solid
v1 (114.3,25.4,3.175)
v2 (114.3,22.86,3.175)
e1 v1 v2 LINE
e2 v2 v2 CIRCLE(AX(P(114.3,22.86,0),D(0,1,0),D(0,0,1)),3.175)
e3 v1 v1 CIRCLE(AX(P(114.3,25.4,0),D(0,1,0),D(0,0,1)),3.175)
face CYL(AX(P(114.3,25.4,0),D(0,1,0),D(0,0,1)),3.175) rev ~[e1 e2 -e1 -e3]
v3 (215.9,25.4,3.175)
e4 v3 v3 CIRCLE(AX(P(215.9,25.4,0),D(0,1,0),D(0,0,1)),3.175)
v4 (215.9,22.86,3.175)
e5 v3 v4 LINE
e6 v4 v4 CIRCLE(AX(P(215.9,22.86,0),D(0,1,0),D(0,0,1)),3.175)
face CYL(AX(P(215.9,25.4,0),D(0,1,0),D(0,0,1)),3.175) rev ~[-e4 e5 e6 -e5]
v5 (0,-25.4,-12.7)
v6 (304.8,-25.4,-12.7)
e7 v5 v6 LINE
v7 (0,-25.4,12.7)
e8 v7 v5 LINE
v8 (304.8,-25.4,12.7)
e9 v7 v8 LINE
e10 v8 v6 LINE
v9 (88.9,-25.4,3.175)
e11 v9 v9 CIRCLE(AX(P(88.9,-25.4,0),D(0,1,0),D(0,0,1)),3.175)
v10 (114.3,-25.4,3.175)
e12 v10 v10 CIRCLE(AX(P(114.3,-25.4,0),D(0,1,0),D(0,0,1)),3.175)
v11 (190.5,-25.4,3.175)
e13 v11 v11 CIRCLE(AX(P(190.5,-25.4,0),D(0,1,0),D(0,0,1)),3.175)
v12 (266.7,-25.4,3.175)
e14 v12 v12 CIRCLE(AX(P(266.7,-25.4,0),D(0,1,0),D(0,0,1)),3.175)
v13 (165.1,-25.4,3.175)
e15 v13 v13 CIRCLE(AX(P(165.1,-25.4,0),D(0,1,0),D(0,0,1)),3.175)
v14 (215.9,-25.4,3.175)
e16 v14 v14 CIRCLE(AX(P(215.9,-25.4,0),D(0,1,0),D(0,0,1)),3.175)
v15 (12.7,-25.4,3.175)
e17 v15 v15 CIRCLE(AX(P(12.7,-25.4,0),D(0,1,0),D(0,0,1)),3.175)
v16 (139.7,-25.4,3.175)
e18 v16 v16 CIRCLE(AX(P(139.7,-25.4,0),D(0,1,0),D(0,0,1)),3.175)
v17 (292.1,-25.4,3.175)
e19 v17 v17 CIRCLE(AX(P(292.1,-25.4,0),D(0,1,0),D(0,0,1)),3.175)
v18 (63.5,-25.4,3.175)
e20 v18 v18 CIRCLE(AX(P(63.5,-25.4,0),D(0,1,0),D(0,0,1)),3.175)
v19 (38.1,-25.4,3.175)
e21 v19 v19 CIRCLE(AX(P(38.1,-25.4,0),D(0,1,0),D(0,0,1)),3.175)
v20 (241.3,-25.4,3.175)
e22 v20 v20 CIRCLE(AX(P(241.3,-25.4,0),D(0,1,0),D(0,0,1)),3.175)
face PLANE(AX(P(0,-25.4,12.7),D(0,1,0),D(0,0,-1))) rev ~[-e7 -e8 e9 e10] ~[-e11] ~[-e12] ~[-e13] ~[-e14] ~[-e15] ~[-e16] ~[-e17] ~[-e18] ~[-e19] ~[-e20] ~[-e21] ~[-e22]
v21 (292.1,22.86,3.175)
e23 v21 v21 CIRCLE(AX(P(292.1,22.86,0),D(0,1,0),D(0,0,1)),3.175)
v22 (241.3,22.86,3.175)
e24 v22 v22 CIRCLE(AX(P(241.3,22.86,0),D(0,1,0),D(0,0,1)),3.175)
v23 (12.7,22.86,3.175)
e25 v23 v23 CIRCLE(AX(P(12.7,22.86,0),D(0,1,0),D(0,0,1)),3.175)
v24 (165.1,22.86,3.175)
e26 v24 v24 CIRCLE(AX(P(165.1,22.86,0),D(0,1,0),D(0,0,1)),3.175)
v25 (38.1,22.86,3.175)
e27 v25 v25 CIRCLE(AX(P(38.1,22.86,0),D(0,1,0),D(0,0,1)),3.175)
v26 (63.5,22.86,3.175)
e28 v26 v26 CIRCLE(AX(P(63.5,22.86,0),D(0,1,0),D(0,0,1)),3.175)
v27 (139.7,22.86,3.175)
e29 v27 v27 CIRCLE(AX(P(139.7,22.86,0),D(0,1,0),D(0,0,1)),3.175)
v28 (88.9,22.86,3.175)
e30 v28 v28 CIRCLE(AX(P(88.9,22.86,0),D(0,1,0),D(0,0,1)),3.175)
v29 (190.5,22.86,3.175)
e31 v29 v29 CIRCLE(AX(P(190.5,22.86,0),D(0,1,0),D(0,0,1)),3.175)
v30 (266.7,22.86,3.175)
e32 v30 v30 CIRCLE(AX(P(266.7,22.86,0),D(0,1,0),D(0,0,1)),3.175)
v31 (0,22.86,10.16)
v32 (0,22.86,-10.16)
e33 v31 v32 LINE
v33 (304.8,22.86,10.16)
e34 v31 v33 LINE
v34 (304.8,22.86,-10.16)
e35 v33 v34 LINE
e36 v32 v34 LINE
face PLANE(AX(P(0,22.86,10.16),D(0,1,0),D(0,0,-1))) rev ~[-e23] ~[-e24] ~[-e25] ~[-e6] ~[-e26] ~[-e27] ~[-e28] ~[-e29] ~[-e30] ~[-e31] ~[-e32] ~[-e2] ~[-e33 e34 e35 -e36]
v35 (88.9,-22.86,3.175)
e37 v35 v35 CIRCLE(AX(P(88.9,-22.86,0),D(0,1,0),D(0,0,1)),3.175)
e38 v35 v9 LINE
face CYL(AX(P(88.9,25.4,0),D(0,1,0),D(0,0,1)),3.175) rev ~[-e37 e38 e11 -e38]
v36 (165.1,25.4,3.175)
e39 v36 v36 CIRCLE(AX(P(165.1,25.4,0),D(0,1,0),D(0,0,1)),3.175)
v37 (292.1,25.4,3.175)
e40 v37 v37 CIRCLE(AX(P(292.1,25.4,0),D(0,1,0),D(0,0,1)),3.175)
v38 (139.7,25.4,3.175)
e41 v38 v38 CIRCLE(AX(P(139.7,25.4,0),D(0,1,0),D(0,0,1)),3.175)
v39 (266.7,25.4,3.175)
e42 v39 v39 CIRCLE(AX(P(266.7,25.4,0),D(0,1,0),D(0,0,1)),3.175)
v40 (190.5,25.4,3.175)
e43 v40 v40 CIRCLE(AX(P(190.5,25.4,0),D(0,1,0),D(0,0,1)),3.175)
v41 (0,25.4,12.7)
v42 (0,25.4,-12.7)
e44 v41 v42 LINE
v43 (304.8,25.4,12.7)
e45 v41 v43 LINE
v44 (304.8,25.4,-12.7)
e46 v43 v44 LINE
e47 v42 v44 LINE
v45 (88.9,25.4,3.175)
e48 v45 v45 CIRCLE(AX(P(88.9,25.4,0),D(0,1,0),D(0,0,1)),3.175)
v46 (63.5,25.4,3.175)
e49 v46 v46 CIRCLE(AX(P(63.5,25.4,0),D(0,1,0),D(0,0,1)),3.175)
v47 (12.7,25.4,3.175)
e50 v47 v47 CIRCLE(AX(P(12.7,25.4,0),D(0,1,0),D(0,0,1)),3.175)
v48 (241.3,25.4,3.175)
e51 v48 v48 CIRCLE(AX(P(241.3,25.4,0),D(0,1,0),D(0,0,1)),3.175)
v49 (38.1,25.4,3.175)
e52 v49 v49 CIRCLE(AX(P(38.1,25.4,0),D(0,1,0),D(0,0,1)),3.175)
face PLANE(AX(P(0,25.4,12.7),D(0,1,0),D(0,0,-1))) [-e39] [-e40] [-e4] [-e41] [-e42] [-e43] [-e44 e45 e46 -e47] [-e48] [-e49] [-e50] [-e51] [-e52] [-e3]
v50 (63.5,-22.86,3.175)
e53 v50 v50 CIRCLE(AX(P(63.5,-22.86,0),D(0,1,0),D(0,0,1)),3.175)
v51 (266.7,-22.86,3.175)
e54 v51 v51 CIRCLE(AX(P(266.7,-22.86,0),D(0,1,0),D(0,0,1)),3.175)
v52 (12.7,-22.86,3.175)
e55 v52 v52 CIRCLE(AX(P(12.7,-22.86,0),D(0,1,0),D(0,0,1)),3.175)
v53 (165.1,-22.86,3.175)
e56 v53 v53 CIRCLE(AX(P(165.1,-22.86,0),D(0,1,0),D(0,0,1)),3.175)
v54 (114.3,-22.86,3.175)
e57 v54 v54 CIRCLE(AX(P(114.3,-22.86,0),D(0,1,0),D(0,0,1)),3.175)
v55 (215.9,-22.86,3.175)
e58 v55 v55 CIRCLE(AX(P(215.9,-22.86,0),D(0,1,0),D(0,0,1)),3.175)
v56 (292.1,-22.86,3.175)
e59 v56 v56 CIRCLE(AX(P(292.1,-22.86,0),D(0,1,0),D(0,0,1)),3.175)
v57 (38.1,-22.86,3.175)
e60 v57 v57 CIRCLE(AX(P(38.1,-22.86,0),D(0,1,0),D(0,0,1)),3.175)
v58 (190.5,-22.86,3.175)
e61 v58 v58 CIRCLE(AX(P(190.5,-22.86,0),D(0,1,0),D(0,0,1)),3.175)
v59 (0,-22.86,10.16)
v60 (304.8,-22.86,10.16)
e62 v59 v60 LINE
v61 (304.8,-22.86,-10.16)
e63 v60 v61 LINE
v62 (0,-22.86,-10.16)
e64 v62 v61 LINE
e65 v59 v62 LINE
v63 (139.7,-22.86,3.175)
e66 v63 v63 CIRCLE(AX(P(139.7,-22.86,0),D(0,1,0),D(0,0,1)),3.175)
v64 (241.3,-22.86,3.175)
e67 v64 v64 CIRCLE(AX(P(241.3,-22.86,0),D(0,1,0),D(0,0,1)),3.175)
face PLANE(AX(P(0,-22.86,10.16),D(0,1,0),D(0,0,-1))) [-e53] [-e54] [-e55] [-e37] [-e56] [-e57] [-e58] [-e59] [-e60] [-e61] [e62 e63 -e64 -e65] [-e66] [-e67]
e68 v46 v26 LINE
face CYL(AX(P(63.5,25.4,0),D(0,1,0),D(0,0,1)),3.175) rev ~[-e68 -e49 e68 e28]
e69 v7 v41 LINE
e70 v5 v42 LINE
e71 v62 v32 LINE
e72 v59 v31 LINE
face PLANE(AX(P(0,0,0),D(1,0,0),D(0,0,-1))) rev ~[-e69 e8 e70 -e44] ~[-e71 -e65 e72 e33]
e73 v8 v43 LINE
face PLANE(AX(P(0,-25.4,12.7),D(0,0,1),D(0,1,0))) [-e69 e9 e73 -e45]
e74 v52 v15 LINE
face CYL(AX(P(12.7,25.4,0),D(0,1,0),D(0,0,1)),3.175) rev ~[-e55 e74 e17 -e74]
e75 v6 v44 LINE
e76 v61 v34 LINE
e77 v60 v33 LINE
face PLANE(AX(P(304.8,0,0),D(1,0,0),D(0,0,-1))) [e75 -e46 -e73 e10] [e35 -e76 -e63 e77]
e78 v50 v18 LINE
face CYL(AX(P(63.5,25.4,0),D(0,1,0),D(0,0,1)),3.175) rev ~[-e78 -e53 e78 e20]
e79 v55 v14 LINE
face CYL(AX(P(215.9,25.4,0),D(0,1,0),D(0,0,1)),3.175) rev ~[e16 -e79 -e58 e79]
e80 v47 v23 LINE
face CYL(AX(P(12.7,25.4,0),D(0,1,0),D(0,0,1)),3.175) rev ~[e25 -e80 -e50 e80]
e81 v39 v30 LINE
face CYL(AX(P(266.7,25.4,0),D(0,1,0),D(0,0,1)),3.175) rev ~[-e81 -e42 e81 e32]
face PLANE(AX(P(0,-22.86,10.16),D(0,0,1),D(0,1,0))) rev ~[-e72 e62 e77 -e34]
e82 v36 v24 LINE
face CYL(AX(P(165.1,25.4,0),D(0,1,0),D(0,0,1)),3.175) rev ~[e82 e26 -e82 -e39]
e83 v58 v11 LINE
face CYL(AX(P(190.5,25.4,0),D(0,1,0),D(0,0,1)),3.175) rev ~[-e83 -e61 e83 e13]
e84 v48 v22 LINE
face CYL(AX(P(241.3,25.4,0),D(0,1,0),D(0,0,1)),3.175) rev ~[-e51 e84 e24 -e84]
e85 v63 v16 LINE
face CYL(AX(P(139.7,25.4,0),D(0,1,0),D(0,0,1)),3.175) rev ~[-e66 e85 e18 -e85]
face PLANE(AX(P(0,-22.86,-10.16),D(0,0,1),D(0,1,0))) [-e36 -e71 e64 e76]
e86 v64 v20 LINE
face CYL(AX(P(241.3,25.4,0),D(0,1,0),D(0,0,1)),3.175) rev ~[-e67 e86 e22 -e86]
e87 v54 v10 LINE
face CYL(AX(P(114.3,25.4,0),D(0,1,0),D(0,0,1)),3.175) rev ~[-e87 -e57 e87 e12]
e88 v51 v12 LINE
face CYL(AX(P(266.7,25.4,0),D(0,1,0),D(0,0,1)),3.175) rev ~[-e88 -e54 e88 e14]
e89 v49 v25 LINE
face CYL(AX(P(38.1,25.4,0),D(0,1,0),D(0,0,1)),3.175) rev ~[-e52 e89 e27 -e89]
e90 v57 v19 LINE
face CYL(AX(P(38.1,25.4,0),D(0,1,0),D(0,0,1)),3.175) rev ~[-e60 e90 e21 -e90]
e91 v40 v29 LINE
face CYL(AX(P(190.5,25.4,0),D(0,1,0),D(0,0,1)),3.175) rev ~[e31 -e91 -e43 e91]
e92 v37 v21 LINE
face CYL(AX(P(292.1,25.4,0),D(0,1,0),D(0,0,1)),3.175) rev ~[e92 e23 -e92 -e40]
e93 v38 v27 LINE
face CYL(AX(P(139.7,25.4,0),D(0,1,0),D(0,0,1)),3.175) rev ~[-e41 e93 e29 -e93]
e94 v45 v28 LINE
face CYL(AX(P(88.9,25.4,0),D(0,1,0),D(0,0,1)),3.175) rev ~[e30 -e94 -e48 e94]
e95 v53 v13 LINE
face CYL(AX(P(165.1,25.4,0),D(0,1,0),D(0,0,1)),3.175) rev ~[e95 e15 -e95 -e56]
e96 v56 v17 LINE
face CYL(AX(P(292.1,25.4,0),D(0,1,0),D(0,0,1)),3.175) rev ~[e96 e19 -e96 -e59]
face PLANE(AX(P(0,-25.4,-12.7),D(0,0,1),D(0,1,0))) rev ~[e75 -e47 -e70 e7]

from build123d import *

# Parameters (mm, degrees)
SKETCH1_W           = 25.4
SKETCH1_H           = 50.8
SKETCH1_W_2         = 20.32
SKETCH1_H_2         = 45.72
BOSS_EXTRUDE1_DEPTH = 304.8
SKETCH2_R           = 3.175
CUT_EXTRUDE1_DEPTH  = 304.8


with BuildPart() as part:
    # Sketch1 → Boss-Extrude1 (new body)
    with BuildSketch(Plane(origin=(0, 0, 0), x_dir=(0, 0, -1), z_dir=(1, 0, 0))):
        Rectangle(SKETCH1_W, SKETCH1_H)
        Rectangle(SKETCH1_W_2, SKETCH1_H_2, mode=Mode.SUBTRACT)
    extrude(amount=BOSS_EXTRUDE1_DEPTH)

    # Sketch2 → Cut-Extrude1 (cut)
    with BuildSketch(Plane(origin=(0, 25.4, 0), x_dir=(1, 0, 0), z_dir=(0, 1, 0))):
        with Locations(Location((12.7, 0, 0), (0, 0, 270))):
            Circle(SKETCH2_R)
        with Locations(Location((38.1, 0, 0), (0, 0, 270))):
            Circle(SKETCH2_R)
        with Locations(Location((63.5, 0, 0), (0, 0, 270))):
            Circle(SKETCH2_R)
        with Locations(Location((88.9, 0, 0), (0, 0, 270))):
            Circle(SKETCH2_R)
        with Locations(Location((114.3, 0, 0), (0, 0, 270))):
            Circle(SKETCH2_R)
        with Locations(Location((139.7, 0, 0), (0, 0, 270))):
            Circle(SKETCH2_R)
        with Locations(Location((165.1, 0, 0), (0, 0, 270))):
            Circle(SKETCH2_R)
        with Locations(Location((190.5, 0, 0), (0, 0, 270))):
            Circle(SKETCH2_R)
        with Locations(Location((215.9, 0, 0), (0, 0, 270))):
            Circle(SKETCH2_R)
        with Locations(Location((241.3, 0, 0), (0, 0, 270))):
            Circle(SKETCH2_R)
        with Locations(Location((266.7, 0, 0), (0, 0, 270))):
            Circle(SKETCH2_R)
        with Locations(Location((292.1, 0, 0), (0, 0, 270))):
            Circle(SKETCH2_R)
    extrude(amount=-CUT_EXTRUDE1_DEPTH, mode=Mode.SUBTRACT)


solid = part.part
